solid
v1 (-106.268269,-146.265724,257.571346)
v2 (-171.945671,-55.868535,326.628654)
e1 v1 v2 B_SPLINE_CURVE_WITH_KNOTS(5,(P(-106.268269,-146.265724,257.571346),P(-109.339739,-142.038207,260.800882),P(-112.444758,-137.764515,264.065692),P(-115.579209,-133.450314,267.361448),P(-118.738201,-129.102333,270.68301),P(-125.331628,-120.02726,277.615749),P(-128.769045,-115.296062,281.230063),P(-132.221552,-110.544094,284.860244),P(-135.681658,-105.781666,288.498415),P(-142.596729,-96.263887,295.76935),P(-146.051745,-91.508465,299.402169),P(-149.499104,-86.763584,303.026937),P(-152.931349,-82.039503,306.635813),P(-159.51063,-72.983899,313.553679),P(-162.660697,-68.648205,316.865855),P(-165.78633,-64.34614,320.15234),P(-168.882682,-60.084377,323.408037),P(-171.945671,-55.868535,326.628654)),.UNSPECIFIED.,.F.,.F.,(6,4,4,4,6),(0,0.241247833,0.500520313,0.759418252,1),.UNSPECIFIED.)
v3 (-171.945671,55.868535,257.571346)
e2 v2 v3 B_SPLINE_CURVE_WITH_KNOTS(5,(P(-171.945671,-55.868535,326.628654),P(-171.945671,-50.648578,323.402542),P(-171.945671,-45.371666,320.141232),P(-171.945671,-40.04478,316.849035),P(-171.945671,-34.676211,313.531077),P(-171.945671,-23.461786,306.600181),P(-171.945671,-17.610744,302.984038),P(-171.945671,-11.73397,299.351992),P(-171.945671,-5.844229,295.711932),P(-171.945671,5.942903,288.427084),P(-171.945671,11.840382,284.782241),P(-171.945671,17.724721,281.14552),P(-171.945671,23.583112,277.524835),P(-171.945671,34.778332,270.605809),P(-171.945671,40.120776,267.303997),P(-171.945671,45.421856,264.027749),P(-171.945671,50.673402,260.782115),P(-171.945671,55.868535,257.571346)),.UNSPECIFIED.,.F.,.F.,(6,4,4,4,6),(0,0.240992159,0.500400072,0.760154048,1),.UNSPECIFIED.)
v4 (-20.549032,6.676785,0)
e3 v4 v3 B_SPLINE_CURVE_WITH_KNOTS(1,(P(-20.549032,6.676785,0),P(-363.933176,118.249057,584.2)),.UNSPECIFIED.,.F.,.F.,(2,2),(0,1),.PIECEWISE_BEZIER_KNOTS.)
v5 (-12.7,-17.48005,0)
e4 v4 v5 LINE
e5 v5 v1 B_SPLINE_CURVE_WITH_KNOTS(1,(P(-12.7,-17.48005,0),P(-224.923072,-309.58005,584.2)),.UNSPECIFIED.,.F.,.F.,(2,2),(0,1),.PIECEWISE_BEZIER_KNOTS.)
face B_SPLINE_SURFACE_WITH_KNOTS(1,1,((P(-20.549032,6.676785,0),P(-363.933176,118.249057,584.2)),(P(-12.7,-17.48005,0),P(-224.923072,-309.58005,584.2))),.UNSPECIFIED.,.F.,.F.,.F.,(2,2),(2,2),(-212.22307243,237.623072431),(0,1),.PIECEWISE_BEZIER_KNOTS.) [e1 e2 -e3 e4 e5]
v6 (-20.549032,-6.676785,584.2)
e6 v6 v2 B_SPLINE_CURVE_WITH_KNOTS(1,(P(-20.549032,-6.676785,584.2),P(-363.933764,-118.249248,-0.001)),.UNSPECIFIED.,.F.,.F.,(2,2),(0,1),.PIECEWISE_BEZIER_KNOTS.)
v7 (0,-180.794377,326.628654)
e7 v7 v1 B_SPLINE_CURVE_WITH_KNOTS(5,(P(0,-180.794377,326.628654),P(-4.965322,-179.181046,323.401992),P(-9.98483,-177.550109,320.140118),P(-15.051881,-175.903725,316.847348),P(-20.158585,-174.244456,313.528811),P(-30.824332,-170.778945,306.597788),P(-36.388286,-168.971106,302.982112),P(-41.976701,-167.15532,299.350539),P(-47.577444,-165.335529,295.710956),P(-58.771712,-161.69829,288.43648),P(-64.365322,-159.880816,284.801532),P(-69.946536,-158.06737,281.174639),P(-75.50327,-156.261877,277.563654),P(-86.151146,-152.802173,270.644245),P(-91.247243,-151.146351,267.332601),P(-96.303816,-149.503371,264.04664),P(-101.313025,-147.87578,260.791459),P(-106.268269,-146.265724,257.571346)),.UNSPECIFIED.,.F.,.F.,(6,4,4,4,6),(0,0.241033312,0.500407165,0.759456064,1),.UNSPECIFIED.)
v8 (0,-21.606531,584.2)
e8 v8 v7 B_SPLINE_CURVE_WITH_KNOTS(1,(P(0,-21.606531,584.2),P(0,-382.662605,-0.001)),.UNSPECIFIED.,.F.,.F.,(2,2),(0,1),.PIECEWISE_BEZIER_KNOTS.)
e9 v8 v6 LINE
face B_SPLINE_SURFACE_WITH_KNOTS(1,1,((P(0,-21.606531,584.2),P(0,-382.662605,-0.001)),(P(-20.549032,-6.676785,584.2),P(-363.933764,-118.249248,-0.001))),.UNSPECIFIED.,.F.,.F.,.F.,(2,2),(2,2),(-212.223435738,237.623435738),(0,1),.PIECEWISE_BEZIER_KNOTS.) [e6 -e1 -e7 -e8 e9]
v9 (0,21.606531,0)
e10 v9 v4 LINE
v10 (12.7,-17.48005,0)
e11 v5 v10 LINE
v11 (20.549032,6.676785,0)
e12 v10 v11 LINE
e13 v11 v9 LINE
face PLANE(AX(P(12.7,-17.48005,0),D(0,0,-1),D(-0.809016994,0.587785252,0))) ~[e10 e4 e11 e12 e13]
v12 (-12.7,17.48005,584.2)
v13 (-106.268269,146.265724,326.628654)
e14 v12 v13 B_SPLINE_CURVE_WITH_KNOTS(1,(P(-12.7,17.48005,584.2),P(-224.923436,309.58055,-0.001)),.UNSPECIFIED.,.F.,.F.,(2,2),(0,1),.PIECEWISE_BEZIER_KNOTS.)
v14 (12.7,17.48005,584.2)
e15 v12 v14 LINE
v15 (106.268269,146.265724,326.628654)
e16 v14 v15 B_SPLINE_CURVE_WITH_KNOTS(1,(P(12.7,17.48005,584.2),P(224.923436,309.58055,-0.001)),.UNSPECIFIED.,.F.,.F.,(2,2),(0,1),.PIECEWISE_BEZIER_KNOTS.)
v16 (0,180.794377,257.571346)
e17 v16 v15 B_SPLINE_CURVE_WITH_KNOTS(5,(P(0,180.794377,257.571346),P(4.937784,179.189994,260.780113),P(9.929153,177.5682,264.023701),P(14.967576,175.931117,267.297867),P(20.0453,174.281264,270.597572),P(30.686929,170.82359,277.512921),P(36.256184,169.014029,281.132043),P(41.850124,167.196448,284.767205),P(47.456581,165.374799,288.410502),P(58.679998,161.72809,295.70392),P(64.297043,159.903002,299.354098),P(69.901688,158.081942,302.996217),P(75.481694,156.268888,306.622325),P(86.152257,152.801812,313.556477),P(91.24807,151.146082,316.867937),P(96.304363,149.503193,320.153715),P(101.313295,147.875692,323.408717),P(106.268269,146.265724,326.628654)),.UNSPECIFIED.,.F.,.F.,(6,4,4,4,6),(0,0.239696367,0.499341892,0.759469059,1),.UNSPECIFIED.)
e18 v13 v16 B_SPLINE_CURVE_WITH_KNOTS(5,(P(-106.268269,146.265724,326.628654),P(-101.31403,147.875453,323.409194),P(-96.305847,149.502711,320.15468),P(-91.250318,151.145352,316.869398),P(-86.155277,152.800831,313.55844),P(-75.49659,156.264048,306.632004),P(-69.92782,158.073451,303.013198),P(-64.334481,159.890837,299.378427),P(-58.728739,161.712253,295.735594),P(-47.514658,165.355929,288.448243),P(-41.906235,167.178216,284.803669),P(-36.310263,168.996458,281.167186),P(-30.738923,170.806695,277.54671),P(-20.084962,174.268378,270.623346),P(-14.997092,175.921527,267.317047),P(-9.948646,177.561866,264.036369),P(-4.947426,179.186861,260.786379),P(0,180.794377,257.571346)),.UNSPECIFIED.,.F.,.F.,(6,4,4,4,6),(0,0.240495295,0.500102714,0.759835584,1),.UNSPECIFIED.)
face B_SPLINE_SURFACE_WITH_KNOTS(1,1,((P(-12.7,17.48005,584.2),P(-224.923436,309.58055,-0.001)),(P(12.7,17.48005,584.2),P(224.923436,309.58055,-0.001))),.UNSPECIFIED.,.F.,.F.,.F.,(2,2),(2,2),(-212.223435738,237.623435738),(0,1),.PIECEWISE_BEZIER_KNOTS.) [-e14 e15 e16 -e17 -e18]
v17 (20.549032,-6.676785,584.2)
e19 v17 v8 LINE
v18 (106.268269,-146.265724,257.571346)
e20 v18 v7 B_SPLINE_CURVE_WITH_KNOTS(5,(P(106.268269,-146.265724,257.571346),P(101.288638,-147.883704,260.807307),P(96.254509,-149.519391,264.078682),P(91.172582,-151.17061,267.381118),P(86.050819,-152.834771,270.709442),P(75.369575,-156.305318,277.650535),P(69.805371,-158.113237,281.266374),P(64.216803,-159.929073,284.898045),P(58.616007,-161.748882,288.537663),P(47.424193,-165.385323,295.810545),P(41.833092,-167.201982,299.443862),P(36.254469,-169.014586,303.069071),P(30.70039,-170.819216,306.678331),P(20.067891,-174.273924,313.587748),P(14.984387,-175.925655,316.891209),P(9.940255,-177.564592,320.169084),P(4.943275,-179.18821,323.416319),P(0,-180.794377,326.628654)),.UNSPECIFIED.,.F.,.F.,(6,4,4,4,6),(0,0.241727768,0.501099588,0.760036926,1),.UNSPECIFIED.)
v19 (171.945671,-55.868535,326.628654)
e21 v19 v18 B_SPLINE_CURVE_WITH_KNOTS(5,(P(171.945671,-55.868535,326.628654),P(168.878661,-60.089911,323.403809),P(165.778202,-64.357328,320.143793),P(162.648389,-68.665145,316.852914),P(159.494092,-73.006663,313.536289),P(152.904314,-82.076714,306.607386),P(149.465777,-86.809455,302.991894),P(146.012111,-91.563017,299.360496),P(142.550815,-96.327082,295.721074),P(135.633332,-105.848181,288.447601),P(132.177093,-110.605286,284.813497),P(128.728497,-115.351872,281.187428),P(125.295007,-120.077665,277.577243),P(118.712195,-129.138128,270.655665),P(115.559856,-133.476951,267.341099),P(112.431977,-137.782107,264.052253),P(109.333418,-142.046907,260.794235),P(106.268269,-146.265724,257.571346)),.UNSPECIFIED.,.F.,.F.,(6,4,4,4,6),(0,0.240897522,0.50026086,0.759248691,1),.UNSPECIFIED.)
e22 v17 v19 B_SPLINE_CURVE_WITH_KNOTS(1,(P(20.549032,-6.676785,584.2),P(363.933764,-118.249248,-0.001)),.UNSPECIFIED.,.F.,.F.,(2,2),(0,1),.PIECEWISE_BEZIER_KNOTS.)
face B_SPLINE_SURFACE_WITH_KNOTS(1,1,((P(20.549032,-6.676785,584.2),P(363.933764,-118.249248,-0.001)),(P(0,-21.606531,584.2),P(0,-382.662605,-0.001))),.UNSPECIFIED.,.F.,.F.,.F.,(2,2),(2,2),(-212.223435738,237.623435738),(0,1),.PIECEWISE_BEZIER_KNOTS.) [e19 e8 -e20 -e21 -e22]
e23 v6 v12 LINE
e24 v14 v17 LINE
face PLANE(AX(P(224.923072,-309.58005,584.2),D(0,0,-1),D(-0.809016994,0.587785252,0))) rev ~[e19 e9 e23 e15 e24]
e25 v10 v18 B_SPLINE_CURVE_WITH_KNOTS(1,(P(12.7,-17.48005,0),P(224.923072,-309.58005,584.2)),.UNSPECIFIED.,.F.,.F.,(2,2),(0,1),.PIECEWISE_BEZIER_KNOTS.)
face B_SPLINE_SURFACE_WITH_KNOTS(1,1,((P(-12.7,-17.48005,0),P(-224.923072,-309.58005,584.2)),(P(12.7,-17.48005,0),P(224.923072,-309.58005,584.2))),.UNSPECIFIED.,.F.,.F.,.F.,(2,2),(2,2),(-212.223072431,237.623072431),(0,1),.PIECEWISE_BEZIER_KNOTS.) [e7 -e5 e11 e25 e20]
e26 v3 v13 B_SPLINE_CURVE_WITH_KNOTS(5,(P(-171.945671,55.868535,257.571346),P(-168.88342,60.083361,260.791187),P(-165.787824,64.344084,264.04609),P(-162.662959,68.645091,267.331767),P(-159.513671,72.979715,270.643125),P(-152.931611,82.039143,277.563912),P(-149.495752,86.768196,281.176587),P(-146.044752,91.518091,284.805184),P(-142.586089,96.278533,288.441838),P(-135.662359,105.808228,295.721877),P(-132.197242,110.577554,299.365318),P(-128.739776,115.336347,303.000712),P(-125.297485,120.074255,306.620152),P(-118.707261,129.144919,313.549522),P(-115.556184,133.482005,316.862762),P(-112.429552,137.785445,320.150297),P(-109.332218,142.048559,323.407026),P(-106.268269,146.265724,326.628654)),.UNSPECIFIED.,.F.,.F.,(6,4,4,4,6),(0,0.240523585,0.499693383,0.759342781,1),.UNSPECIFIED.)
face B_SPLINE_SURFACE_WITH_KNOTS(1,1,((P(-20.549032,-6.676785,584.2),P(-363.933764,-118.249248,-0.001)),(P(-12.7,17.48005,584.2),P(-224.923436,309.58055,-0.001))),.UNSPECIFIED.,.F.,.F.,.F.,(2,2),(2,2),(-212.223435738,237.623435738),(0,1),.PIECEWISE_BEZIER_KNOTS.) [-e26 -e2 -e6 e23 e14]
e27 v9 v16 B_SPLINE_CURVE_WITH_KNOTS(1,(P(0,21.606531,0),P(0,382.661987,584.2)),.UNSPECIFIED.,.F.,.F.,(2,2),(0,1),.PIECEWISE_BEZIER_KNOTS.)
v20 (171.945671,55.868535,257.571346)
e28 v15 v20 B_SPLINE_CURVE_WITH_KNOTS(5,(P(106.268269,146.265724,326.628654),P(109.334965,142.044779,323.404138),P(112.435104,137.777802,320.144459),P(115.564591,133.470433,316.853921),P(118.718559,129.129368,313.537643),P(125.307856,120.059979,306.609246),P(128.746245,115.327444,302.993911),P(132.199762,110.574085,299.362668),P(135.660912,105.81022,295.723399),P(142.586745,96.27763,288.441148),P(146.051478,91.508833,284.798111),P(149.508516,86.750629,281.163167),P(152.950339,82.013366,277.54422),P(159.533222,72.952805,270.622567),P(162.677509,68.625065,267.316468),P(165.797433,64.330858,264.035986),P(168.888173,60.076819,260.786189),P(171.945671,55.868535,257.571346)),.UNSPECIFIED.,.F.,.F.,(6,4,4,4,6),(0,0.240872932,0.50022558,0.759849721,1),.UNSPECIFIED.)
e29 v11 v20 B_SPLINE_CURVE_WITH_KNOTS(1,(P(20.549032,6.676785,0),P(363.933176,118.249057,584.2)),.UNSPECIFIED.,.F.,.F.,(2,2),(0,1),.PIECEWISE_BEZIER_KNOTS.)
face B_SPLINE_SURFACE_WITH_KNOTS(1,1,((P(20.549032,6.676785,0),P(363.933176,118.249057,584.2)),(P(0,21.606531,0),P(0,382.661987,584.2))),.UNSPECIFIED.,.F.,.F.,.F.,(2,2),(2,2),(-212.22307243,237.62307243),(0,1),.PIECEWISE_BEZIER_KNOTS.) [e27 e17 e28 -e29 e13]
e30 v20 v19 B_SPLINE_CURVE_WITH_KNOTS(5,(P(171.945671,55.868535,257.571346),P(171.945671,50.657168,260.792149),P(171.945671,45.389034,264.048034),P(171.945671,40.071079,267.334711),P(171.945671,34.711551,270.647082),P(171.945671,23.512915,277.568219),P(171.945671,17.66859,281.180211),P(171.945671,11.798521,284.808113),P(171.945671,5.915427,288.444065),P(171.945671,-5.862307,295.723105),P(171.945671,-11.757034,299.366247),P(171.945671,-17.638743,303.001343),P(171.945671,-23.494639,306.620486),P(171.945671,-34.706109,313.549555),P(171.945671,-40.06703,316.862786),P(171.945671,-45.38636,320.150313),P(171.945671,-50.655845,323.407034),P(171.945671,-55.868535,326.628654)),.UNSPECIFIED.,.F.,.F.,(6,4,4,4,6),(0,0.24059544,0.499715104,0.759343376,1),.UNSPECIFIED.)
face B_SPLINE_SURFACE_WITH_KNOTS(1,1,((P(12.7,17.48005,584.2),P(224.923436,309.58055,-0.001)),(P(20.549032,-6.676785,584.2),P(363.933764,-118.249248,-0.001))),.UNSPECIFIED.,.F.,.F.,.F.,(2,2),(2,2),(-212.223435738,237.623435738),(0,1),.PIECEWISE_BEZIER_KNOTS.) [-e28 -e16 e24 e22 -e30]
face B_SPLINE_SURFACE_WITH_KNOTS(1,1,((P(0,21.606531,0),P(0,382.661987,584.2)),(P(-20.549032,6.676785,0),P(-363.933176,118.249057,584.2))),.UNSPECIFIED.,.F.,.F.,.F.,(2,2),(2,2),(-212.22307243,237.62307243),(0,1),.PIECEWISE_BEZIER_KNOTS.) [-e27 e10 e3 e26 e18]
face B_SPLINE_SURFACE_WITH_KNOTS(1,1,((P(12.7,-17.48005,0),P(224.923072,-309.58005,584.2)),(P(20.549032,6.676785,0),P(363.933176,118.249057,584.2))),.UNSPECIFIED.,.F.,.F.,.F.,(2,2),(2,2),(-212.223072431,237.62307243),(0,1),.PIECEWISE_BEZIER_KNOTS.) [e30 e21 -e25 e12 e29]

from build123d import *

# Parameters (mm, degrees)
F1_DEPTH = 584.2
F1_TAPER = -26.5650511771
F3_DEPTH = 584.2010001
F3_TAPER = 26.5650511771


with BuildPart() as f1:
    # F0 (on Top) → F1 (new body)
    with BuildSketch(Plane.XY):
        Polygon((12.7, -17.48005039), (20.5490316571, 6.6767851239), (0, 21.6065305321), (-20.5490316571, 6.6767851239), (-12.7, -17.48005039), align=None)
    extrude(amount=F1_DEPTH, taper=F1_TAPER)

    # F2 (on face) → F3 (cut, through all)
    with BuildSketch(Plane.XY.offset(584.2)):
        Polygon((0, 382.6619867598), (-363.9331760464, 118.2490570101), (-224.9230724304, -309.58005039), (224.9230724304, -309.58005039), (363.9331760464, 118.2490570101), align=None)
        Polygon((-12.7, 17.48005039), (12.7, 17.48005039), (20.5490316571, -6.6767851239), (0, -21.6065305321), (-20.5490316571, -6.6767851239), align=None, mode=Mode.SUBTRACT)
    extrude(amount=-F3_DEPTH, taper=F3_TAPER, mode=Mode.SUBTRACT)


solid = f1.part
